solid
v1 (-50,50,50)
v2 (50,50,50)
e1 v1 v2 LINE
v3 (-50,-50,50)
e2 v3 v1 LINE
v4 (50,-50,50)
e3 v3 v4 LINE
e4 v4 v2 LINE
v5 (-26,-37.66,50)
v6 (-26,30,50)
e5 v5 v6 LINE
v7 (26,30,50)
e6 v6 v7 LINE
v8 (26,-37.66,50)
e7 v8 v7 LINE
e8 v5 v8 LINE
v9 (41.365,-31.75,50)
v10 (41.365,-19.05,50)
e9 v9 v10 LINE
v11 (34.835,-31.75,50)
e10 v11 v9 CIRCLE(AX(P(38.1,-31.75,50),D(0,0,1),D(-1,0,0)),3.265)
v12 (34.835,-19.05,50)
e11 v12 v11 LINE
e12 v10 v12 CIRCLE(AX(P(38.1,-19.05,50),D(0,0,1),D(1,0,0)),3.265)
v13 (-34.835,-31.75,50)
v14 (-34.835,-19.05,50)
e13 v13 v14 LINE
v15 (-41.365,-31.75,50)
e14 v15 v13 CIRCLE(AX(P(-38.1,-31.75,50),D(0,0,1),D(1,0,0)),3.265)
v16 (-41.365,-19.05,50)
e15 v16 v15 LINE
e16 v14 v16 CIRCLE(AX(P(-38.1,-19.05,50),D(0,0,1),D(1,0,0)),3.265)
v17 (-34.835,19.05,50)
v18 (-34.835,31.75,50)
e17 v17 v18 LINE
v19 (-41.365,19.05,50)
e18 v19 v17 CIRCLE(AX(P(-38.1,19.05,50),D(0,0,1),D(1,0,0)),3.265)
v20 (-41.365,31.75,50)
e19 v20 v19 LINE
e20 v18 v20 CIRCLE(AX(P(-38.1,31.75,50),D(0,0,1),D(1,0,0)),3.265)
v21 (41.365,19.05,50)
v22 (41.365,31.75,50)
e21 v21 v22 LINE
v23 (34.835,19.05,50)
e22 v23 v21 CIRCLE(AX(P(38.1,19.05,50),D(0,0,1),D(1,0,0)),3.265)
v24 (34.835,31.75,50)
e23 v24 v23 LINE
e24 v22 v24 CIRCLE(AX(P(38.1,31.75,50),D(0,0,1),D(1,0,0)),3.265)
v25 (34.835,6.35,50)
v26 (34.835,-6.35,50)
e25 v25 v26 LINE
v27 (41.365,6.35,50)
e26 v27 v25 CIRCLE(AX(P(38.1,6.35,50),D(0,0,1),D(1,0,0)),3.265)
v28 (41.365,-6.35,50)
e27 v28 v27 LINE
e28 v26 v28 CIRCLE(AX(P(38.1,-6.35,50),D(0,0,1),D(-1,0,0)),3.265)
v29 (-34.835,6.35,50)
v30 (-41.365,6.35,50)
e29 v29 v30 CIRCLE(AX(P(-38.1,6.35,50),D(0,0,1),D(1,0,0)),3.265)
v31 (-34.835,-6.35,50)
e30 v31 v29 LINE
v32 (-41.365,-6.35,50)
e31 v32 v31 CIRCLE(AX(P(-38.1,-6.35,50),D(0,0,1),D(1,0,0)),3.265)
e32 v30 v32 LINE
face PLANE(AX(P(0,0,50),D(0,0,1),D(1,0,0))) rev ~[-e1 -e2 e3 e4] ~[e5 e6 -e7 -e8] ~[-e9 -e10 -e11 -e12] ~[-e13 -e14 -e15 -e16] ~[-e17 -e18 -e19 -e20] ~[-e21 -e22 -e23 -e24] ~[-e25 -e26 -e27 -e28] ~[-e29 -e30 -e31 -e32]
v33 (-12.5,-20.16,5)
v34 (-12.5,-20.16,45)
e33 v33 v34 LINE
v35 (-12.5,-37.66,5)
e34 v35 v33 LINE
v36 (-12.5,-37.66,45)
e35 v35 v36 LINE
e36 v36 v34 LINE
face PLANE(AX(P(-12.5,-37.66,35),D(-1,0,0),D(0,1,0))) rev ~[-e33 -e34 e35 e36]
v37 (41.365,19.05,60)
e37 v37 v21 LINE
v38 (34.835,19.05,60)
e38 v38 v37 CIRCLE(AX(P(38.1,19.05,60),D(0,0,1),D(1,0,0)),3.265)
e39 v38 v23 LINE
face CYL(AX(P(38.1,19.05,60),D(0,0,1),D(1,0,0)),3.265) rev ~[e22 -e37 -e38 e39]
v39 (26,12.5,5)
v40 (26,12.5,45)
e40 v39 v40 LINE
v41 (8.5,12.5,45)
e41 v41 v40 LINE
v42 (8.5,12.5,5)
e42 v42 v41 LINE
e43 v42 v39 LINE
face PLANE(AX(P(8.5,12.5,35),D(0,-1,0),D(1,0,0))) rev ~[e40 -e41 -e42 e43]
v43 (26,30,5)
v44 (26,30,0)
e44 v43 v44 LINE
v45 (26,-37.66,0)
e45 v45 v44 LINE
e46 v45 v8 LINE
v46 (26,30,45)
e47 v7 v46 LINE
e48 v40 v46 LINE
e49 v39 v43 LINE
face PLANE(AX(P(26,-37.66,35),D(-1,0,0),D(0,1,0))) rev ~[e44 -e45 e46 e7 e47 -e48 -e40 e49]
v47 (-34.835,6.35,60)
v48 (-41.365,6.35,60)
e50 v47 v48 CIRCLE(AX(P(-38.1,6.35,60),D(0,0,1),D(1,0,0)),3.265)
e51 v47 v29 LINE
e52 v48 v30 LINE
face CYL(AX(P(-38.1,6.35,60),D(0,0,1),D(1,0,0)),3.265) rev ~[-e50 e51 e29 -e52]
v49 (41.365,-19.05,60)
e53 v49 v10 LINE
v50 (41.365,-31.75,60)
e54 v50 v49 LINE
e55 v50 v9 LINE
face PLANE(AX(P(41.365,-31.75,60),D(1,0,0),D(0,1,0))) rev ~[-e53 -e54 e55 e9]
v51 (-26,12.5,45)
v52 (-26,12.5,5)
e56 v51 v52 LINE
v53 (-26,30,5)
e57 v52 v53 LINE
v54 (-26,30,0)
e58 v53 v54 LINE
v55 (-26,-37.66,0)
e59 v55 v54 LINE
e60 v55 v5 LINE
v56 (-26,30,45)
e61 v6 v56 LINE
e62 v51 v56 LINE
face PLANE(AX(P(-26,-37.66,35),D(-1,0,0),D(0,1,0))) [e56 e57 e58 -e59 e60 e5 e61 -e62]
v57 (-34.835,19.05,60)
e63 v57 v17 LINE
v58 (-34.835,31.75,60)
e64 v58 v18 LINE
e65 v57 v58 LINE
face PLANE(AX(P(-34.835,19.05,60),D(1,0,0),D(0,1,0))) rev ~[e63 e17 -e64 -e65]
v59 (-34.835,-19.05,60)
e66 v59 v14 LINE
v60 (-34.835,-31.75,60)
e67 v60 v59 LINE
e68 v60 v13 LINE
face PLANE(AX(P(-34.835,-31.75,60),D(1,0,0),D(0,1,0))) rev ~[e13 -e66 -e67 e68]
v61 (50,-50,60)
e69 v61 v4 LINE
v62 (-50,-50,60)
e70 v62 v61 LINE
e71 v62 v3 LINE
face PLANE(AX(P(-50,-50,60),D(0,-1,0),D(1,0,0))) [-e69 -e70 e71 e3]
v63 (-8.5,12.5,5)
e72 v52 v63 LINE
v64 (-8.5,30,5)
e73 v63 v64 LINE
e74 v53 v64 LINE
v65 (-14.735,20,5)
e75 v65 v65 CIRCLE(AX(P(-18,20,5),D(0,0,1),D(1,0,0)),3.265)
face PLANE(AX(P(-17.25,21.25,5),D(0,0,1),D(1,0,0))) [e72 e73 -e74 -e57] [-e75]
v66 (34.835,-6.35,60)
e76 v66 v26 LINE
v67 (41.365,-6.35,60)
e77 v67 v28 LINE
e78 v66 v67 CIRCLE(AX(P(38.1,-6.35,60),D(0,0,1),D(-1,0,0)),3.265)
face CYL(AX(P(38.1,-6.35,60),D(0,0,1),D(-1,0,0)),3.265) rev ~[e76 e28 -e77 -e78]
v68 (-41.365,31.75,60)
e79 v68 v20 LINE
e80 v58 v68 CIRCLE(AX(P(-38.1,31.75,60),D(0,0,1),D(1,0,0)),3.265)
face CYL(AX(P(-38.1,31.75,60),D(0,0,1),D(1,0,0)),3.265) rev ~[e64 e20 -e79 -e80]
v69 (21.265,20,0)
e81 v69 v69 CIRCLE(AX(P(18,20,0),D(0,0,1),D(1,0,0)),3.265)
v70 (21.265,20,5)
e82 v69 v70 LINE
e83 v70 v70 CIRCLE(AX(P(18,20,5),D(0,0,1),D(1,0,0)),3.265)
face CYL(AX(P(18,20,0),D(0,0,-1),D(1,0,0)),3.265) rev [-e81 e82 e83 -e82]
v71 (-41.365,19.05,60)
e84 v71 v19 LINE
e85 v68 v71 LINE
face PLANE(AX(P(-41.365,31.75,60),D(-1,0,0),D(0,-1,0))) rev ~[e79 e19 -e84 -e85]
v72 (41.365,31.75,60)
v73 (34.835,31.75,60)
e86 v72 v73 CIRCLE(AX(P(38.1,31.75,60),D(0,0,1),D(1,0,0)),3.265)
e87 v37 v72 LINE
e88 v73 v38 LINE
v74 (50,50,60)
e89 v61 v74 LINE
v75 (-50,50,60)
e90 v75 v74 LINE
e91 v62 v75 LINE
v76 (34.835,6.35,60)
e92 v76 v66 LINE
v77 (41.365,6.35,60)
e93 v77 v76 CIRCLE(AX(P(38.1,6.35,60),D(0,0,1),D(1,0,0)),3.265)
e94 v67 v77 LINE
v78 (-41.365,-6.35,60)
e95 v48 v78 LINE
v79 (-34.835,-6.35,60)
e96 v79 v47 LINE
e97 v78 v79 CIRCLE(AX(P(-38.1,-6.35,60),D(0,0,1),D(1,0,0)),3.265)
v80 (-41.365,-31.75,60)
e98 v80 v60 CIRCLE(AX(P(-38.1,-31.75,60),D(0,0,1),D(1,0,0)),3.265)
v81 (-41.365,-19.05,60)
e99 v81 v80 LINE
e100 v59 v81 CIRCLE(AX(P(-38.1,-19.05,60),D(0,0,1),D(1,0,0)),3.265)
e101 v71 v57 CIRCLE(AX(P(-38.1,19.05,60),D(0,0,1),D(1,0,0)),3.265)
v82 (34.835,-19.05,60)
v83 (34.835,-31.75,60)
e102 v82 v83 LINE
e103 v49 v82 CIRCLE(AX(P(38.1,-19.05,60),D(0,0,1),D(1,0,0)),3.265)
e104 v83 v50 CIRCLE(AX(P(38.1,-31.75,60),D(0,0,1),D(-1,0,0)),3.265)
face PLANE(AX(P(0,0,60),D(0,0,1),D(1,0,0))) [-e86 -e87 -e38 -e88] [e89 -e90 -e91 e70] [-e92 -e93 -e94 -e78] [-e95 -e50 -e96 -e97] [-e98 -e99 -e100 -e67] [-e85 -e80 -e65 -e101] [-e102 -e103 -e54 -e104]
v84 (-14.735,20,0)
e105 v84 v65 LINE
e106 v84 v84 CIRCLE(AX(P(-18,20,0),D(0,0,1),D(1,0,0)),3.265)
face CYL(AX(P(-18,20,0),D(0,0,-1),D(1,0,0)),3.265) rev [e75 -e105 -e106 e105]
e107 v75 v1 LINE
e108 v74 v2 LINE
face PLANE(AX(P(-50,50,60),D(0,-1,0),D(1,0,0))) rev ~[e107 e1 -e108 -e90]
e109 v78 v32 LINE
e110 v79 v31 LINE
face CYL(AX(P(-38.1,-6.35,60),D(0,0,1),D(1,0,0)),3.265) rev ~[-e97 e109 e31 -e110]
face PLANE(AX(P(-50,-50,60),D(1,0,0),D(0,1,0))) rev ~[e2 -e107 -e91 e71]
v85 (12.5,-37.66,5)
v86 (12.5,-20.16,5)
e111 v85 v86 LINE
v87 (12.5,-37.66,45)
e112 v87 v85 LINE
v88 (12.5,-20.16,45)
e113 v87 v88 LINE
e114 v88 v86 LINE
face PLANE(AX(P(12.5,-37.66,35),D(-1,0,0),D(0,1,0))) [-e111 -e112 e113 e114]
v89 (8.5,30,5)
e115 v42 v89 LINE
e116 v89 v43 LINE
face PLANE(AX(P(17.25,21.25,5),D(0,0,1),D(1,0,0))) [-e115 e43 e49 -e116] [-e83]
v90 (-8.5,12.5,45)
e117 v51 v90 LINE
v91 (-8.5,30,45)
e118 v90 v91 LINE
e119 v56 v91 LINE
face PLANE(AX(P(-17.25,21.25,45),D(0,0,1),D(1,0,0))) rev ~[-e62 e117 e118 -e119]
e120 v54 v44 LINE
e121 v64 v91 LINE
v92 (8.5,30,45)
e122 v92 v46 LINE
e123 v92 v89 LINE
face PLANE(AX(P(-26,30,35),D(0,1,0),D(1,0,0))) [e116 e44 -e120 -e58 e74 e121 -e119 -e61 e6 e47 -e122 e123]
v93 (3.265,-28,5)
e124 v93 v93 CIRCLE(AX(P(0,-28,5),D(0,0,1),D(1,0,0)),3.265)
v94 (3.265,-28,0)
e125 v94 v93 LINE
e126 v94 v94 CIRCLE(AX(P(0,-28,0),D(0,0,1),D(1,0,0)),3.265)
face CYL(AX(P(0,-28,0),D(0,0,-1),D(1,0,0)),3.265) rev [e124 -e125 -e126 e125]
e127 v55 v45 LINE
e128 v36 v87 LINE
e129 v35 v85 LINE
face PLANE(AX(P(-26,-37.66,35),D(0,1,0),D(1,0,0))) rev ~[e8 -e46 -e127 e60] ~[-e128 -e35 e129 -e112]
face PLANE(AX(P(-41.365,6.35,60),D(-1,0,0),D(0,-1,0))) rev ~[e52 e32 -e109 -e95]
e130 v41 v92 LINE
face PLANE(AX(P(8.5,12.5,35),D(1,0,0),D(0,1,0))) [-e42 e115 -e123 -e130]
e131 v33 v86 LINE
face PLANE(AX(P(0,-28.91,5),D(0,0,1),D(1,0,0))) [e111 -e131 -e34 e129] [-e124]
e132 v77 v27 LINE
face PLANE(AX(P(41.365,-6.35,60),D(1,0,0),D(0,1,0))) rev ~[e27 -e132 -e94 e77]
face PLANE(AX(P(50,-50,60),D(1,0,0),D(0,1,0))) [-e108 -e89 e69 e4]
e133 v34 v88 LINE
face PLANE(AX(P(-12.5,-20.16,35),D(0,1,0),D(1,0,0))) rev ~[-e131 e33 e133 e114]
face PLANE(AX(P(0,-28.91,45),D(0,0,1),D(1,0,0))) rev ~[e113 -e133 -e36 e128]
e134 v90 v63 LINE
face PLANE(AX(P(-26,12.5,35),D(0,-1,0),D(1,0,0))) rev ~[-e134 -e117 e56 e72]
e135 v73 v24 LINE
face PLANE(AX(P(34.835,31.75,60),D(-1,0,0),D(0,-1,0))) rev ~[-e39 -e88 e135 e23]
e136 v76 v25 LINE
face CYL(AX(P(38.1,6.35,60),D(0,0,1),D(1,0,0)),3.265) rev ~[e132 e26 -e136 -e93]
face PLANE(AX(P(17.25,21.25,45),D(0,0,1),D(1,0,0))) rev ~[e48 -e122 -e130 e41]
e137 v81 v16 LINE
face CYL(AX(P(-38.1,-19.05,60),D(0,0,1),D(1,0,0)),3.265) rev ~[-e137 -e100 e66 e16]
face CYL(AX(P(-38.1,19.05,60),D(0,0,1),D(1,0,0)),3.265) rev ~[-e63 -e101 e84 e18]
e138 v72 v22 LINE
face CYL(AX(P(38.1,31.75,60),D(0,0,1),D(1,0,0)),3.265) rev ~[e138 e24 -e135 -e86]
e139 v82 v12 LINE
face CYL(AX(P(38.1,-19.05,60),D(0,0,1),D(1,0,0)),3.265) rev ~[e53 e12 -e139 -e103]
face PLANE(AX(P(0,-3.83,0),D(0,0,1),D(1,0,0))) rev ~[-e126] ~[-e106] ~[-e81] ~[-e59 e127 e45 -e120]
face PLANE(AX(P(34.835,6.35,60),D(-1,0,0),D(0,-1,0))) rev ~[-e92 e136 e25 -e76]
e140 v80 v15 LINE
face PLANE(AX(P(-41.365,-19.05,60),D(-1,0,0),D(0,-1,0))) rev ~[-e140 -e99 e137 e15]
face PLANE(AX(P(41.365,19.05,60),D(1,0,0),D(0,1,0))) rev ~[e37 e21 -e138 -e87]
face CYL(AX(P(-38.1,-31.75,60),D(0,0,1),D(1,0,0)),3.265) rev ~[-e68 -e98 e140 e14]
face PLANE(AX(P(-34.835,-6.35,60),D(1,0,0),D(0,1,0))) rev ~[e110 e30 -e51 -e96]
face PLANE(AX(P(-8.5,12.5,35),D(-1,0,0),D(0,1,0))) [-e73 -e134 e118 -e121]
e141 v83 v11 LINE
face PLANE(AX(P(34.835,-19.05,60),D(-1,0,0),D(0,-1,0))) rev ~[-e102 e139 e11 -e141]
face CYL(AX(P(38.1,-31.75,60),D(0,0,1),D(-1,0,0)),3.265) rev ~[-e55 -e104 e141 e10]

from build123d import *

# Parameters (mm, degrees)
F0_W           = 52
F0_H           = 67.66
F2_DEPTH       = 5
F1_R           = 3.265
F3_DEPTH       = 5
F4_W           = 52
F4_H           = 67.66
F5_DEPTH       = 30
F7_W           = 52
F7_H           = 67.66
F8_DEPTH       = 25
F9_W           = 100
F9_H           = 100
F10_DEPTH      = 10
F12_DEPTH      = 10
F6_W           = 17.5
F6_H           = 17.5
F6_W_2         = 25
F13_DEPTH      = 30
F13_DEPTH_BACK = 10


with BuildPart() as f2:
    # F0 (on Top) → F2 (new body)
    with BuildSketch(Plane.XY):
        with Locations((0, -3.83)):
            Rectangle(F0_W, F0_H)
    extrude(amount=F2_DEPTH)

    # F1 (on face) → F3 (cut)
    with BuildSketch(Plane.XY):
        with Locations((-18, 20)):
            Circle(F1_R)
        with Locations((18, 20)):
            Circle(F1_R)
        with Locations((0, -28)):
            Circle(F1_R)
    extrude(amount=F3_DEPTH, mode=Mode.SUBTRACT)

    # F4 (on face) → F5 (join)
    with BuildSketch(Plane.XY.offset(5)):
        with Locations((0, -3.83)):
            Rectangle(F4_W, F4_H)
    extrude(amount=F5_DEPTH)

    # F7 (on face) → F8 (join)
    with BuildSketch(Plane.XY.offset(35)):
        with Locations((0, -3.83)):
            Rectangle(F7_W, F7_H)
    extrude(amount=F8_DEPTH)

    # F9 (on face) → F10 (join)
    with BuildSketch(Plane.XY.offset(60)):
        Rectangle(F9_W, F9_H)
    extrude(amount=-F10_DEPTH)

    # F11 (on face) → F12 (cut)
    with BuildSketch(Plane.XY.offset(60)):
        with BuildLine():
            Line((34.835, -6.35), (41.365, -6.35))
            ThreePointArc((41.365, -6.35), (38.1, -3.085), (34.835, -6.35))
        make_face()
        with BuildLine():
            ThreePointArc((34.835, -6.35), (38.1, -9.615), (41.365, -6.35))
            Line((41.365, -6.35), (34.835, -6.35))
        make_face()
        with BuildLine():
            ThreePointArc((34.835, -6.35), (38.1, -3.085), (41.365, -6.35))
            Line((41.365, -6.35), (41.365, 6.35))
            ThreePointArc((41.365, 6.35), (38.1, 3.085), (34.835, 6.35))
            Line((34.835, 6.35), (34.835, -6.35))
        make_face()
        with BuildLine():
            Line((34.835, 6.35), (41.365, 6.35))
            ThreePointArc((41.365, 6.35), (38.1, 9.615), (34.835, 6.35))
        make_face()
        with BuildLine():
            ThreePointArc((34.835, 6.35), (38.1, 3.085), (41.365, 6.35))
            Line((41.365, 6.35), (34.835, 6.35))
        make_face()
        with BuildLine():
            Line((34.835, -31.75), (41.365, -31.75))
            ThreePointArc((41.365, -31.75), (38.1, -28.485), (34.835, -31.75))
        make_face()
        with BuildLine():
            ThreePointArc((34.835, -31.75), (38.1, -35.015), (41.365, -31.75))
            Line((41.365, -31.75), (34.835, -31.75))
        make_face()
        with BuildLine():
            ThreePointArc((34.835, -31.75), (38.1, -28.485), (41.365, -31.75))
            Line((41.365, -31.75), (41.365, -19.05))
            ThreePointArc((41.365, -19.05), (38.1, -22.315), (34.835, -19.05))
            Line((34.835, -19.05), (34.835, -31.75))
        make_face()
        with BuildLine():
            Line((34.835, -19.05), (41.365, -19.05))
            ThreePointArc((41.365, -19.05), (38.1, -15.785), (34.835, -19.05))
        make_face()
        with BuildLine():
            ThreePointArc((34.835, -19.05), (38.1, -22.315), (41.365, -19.05))
            Line((41.365, -19.05), (34.835, -19.05))
        make_face()
        with BuildLine():
            ThreePointArc((34.835, 31.75), (38.1, 28.485), (41.365, 31.75))
            ThreePointArc((41.365, 31.75), (38.1, 35.015), (34.835, 31.75))
        make_face()
        with BuildLine():
            Line((41.365, 19.05), (41.365, 31.75))
            ThreePointArc((41.365, 31.75), (38.1, 28.485), (34.835, 31.75))
            Line((34.835, 31.75), (34.835, 19.05))
            ThreePointArc((34.835, 19.05), (38.1, 22.315), (41.365, 19.05))
        make_face()
        with BuildLine():
            ThreePointArc((34.835, 19.05), (38.1, 15.785), (41.365, 19.05))
            ThreePointArc((41.365, 19.05), (38.1, 22.315), (34.835, 19.05))
        make_face()
        with BuildLine():
            ThreePointArc((-41.365, -31.75), (-38.1, -35.015), (-34.835, -31.75))
            ThreePointArc((-34.835, -31.75), (-38.1, -28.485), (-41.365, -31.75))
        make_face()
        with BuildLine():
            ThreePointArc((-41.365, -31.75), (-38.1, -28.485), (-34.835, -31.75))
            Line((-34.835, -31.75), (-34.835, -19.05))
            ThreePointArc((-34.835, -19.05), (-38.1, -22.315), (-41.365, -19.05))
            Line((-41.365, -19.05), (-41.365, -31.75))
        make_face()
        with BuildLine():
            ThreePointArc((-41.365, -19.05), (-38.1, -22.315), (-34.835, -19.05))
            ThreePointArc((-34.835, -19.05), (-38.1, -15.785), (-41.365, -19.05))
        make_face()
        with BuildLine():
            ThreePointArc((-41.365, -6.35), (-38.1, -9.615), (-34.835, -6.35))
            ThreePointArc((-34.835, -6.35), (-38.1, -3.085), (-41.365, -6.35))
        make_face()
        with BuildLine():
            ThreePointArc((-41.365, -6.35), (-38.1, -3.085), (-34.835, -6.35))
            Line((-34.835, -6.35), (-34.835, 6.35))
            ThreePointArc((-34.835, 6.35), (-38.1, 3.085), (-41.365, 6.35))
            Line((-41.365, 6.35), (-41.365, -6.35))
        make_face()
        with BuildLine():
            ThreePointArc((-41.365, 6.35), (-38.1, 3.085), (-34.835, 6.35))
            ThreePointArc((-34.835, 6.35), (-38.1, 9.615), (-41.365, 6.35))
        make_face()
        with BuildLine():
            ThreePointArc((-41.365, 19.05), (-38.1, 15.785), (-34.835, 19.05))
            ThreePointArc((-34.835, 19.05), (-38.1, 22.315), (-41.365, 19.05))
        make_face()
        with BuildLine():
            ThreePointArc((-41.365, 19.05), (-38.1, 22.315), (-34.835, 19.05))
            Line((-34.835, 19.05), (-34.835, 31.75))
            ThreePointArc((-34.835, 31.75), (-38.1, 28.485), (-41.365, 31.75))
            Line((-41.365, 31.75), (-41.365, 19.05))
        make_face()
        with BuildLine():
            ThreePointArc((-41.365, 31.75), (-38.1, 28.485), (-34.835, 31.75))
            ThreePointArc((-34.835, 31.75), (-38.1, 35.015), (-41.365, 31.75))
        make_face()
    extrude(amount=-F12_DEPTH, mode=Mode.SUBTRACT)

    # F6 (on face) → F13 (cut, two sides)
    with BuildSketch(Plane.XY.offset(35)) as f13_sk:
        with Locations((-17.25, 21.25)):
            Rectangle(F6_W, F6_H)
        with Locations((17.25, 21.25)):
            Rectangle(F6_W, F6_H)
        with Locations((0, -28.91)):
            Rectangle(F6_W_2, F6_H)
    extrude(amount=-F13_DEPTH, mode=Mode.SUBTRACT)
    extrude(f13_sk.sketch, amount=F13_DEPTH_BACK, mode=Mode.SUBTRACT)


solid = f2.part
